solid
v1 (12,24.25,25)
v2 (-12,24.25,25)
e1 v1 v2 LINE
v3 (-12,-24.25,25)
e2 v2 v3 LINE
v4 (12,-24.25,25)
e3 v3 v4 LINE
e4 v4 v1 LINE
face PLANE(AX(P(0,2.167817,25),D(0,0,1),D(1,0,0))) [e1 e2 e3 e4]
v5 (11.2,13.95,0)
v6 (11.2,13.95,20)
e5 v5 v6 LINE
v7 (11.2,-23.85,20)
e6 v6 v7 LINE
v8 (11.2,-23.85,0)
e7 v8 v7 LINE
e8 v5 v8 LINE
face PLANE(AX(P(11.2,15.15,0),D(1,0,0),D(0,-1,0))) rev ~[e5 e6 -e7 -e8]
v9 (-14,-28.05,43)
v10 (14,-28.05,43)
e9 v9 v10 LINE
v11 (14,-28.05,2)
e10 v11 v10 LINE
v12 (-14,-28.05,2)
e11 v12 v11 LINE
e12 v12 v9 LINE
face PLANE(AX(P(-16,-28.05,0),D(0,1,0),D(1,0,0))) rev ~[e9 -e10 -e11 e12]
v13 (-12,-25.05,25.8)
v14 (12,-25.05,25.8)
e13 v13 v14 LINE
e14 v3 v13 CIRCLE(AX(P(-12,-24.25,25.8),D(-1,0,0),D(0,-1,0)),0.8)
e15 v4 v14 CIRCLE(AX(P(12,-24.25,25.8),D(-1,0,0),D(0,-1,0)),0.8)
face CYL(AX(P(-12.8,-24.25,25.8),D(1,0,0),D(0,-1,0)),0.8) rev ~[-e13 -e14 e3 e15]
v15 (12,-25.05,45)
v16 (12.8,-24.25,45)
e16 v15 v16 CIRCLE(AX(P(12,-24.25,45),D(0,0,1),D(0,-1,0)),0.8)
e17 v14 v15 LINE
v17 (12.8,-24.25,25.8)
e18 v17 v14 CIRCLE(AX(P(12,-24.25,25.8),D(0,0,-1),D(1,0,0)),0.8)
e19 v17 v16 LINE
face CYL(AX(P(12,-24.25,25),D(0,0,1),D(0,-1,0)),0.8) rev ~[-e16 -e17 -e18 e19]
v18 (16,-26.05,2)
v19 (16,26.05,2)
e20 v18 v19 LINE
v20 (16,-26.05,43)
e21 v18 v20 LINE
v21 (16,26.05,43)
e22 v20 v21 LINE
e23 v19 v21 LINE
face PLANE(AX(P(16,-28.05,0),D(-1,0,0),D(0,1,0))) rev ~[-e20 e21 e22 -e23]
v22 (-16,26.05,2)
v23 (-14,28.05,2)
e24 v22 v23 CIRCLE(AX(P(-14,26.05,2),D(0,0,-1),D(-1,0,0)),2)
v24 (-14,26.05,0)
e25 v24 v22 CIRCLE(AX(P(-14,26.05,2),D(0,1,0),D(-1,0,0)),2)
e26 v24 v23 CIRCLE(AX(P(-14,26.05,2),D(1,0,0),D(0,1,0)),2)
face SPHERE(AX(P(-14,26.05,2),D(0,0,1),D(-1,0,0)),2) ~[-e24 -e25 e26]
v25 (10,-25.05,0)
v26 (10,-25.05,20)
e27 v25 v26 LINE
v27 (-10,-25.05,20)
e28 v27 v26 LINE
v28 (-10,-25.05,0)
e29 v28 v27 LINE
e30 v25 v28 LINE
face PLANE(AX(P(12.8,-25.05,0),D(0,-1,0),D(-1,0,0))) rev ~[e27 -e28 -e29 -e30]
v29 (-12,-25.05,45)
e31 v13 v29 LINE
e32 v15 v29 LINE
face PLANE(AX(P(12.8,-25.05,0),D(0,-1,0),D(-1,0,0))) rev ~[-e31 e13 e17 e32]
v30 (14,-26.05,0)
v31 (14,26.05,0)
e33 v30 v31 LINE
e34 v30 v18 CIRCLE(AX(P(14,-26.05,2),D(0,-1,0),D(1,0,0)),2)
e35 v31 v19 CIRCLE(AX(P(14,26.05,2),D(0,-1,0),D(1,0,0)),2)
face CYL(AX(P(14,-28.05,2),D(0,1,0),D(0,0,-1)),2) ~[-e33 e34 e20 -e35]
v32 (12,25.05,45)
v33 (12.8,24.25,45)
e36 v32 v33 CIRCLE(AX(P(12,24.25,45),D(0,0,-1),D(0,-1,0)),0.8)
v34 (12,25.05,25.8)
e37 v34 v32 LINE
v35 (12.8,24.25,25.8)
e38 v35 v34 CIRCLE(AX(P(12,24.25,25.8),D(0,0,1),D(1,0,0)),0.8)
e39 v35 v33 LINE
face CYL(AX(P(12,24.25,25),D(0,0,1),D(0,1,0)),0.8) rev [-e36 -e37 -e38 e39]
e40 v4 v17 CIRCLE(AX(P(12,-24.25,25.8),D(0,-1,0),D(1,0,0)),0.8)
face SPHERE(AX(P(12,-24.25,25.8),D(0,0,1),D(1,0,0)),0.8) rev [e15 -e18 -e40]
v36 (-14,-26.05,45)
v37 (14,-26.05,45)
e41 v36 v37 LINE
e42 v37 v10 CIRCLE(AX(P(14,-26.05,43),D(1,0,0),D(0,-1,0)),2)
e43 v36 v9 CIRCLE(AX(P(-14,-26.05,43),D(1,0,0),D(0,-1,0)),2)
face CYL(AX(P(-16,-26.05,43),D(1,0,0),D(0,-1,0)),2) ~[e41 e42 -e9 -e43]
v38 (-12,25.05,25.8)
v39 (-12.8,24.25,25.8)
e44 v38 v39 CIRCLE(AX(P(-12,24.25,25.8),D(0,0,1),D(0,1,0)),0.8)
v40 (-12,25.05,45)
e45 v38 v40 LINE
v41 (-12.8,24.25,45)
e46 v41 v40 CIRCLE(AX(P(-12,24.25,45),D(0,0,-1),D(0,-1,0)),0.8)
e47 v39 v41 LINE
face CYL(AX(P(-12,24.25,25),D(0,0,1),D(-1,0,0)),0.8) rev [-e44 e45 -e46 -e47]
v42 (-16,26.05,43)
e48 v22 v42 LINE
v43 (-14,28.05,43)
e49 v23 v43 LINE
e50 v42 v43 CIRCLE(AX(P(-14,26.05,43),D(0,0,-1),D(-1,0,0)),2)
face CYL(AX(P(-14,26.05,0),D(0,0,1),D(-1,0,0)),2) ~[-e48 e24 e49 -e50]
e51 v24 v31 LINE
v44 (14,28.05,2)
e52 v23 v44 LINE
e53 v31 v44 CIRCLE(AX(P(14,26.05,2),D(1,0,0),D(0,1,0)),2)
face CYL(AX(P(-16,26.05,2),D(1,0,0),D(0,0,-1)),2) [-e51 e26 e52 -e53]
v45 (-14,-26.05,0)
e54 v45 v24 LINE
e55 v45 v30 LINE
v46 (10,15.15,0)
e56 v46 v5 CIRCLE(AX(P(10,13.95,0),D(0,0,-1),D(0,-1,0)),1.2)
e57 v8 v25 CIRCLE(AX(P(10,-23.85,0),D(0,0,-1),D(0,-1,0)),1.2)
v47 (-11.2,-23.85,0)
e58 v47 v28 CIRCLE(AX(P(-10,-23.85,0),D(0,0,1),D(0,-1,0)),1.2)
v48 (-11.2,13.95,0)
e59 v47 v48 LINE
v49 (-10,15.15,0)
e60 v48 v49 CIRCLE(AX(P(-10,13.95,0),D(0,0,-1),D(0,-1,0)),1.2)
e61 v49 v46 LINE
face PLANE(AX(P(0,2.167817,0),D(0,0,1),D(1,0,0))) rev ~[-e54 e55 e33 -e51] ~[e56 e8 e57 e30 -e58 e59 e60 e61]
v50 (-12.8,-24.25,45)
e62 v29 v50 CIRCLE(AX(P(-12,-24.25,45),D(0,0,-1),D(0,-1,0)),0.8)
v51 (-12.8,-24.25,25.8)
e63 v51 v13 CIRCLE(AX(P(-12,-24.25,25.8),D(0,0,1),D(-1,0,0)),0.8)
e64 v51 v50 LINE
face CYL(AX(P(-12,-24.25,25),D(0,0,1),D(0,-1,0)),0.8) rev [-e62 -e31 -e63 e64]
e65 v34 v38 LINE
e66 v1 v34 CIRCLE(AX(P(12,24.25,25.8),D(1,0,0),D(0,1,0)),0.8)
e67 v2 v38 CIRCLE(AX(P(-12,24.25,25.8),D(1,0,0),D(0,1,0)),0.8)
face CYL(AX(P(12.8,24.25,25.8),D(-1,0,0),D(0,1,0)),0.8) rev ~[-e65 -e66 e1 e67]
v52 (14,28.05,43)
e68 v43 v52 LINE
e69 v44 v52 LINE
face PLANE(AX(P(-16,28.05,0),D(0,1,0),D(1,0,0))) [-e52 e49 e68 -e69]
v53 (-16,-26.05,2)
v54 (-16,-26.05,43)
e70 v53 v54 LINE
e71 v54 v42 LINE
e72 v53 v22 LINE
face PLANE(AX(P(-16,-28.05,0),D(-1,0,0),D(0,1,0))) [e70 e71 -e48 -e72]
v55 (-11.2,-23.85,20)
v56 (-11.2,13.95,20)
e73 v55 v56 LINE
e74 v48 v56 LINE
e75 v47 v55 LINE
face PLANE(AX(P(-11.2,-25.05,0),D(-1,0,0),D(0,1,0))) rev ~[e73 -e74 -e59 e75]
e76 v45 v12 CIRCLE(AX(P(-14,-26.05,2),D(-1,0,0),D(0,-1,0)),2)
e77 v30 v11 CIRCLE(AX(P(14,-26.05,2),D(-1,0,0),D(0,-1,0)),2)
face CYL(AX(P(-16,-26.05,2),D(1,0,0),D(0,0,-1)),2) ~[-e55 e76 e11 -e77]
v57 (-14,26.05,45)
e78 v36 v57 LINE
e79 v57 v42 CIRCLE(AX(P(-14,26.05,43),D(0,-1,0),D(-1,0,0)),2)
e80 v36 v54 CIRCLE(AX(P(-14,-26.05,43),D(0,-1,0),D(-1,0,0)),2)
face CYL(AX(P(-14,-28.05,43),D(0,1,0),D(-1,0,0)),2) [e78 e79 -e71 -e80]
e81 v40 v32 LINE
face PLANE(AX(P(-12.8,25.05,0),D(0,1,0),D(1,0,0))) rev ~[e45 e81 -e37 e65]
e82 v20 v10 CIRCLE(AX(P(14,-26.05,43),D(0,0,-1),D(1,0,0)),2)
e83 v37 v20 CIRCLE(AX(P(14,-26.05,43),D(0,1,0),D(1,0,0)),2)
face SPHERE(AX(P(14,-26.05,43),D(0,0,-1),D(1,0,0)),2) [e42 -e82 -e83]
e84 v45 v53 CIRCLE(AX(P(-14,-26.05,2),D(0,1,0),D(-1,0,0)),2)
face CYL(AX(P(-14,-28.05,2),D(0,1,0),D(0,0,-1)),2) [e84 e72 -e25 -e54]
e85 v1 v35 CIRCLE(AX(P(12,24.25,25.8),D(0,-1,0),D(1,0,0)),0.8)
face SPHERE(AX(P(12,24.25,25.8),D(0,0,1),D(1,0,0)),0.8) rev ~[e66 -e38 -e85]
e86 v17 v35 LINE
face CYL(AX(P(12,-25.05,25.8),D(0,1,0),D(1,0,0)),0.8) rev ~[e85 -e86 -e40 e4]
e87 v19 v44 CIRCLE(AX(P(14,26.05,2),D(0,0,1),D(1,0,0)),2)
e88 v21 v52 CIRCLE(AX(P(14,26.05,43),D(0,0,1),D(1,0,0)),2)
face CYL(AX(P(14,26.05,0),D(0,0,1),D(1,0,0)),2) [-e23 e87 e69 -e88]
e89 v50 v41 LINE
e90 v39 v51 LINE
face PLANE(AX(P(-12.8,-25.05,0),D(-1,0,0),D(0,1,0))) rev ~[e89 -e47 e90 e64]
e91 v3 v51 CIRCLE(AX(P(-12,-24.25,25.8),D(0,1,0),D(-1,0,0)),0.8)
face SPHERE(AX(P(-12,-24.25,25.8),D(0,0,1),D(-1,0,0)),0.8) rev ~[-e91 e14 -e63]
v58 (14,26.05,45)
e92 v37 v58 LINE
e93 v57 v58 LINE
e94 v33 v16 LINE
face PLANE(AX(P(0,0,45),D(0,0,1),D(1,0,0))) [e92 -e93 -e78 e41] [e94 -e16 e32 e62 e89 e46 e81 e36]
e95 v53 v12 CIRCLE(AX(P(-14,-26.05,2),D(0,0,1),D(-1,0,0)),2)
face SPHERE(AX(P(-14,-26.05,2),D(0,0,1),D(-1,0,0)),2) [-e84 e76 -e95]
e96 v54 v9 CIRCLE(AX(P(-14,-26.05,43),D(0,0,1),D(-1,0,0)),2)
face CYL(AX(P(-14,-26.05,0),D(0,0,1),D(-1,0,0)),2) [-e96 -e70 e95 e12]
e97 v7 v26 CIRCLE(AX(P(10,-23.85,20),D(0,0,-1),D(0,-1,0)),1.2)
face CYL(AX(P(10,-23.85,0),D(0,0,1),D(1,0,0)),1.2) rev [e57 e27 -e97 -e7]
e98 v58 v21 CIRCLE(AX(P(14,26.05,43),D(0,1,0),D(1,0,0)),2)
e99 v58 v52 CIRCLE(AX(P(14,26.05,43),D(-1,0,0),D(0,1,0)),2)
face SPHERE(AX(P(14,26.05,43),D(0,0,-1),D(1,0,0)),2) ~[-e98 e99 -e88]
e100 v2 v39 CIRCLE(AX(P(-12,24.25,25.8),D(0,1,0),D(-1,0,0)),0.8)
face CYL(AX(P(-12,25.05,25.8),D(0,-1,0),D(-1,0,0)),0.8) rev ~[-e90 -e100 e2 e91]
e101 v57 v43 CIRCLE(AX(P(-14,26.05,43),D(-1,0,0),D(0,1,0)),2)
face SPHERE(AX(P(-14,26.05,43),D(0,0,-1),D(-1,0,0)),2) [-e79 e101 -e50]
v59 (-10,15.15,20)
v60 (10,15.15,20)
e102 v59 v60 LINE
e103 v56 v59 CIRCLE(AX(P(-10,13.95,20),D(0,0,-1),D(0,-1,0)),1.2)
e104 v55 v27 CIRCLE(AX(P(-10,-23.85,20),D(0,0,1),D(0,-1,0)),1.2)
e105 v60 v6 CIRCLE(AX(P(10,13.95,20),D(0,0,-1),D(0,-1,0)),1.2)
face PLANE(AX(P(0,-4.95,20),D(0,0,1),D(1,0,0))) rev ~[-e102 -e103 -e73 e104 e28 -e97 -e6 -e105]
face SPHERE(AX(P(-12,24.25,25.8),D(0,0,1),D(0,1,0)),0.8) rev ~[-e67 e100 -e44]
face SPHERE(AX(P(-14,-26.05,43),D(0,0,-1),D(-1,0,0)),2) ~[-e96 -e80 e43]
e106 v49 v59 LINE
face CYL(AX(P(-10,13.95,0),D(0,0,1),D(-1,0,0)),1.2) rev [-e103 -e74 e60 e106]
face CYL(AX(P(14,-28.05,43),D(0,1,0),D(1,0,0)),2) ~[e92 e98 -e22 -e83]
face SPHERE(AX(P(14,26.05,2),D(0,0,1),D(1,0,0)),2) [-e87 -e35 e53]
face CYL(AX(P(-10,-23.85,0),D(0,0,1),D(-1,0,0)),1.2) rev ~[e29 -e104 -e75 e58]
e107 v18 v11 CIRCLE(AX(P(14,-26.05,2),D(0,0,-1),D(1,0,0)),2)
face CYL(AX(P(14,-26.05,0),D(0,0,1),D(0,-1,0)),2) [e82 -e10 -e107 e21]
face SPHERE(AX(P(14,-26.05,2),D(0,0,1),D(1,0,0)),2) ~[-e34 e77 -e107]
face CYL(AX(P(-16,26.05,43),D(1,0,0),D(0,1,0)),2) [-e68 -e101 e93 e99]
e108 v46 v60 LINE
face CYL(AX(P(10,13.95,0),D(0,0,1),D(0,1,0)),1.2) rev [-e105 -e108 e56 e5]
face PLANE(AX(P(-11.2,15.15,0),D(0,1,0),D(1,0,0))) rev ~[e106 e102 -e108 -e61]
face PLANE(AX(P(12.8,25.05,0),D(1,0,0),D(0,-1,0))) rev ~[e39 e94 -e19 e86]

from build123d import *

# Parameters (mm, degrees)
F0_W     = 22.4
F0_H     = 40.2
F1_DEPTH = 25
F2_DEPTH = 20
F0_W_2   = 32
F0_H_2   = 56.1
F3_DEPTH = 45
F4_DEPTH = 20
F5_R     = 2
F6_R     = 0.8
F7_R     = 1.2


with BuildPart() as f1:
    # F0 (on Top) → F1 (new body)
    with BuildSketch(Plane.XY):
        Polygon((-11.2, -25.05), (-11.2, 15.15), (11.2, 15.15), (11.2, -25.05), (12.8, -25.05), (12.8, 25.05), (-12.8, 25.05), (-12.8, -25.05), align=None)
        with Locations((0, -4.95)):
            Rectangle(F0_W, F0_H)
    extrude(amount=F1_DEPTH)

    # F0 (on Top) → F2 (cut)
    with BuildSketch(Plane.XY):
        with Locations((0, -4.95)):
            Rectangle(F0_W, F0_H)
        Polygon((-11.2, -25.05), (-11.2, 15.15), (11.2, 15.15), (11.2, -25.05), (12.8, -25.05), (12.8, 25.05), (-12.8, 25.05), (-12.8, -25.05), align=None)
    extrude(amount=F2_DEPTH, mode=Mode.SUBTRACT)

    # F0 (on Top) → F3 (join)
    with BuildSketch(Plane.XY):
        Rectangle(F0_W_2, F0_H_2)
        Polygon((11.2, -25.05), (-11.2, -25.05), (-12.8, -25.05), (-12.8, 25.05), (12.8, 25.05), (12.8, -25.05), align=None, mode=Mode.SUBTRACT)
    extrude(amount=F3_DEPTH)

    # F0 (on Top) → F4 (join)
    with BuildSketch(Plane.XY):
        Polygon((-11.2, -25.05), (-11.2, 15.15), (11.2, 15.15), (11.2, -25.05), (12.8, -25.05), (12.8, 25.05), (-12.8, 25.05), (-12.8, -25.05), align=None)
    extrude(amount=F4_DEPTH)

    # F5
    f5_edges = [f1.edges().sort_by_distance(p)[0] for p in [
        (16, -28.05, 22.5),
        (16, 28.05, 22.5),
        (16, 0, 0),
        (16, 0, 45),
        (-16, 28.05, 22.5),
        (-16, -28.05, 22.5),
        (-16, 0, 0),
        (-16, 0, 45),
        (0, 28.05, 0),
        (0, 28.05, 45),
        (0, -28.05, 0),
        (0, -28.05, 45),
    ]]
    fillet(f5_edges, radius=F5_R)

    # F6
    f6_edges = [f1.edges().sort_by_distance(p)[0] for p in [
        (12.8, 25.05, 35),
        (12.8, -25.05, 35),
        (-12.8, -25.05, 35),
        (-12.8, 25.05, 35),
        (12.8, 0, 25),
        (0, 25.05, 25),
        (-12.8, 0, 25),
        (0, -25.05, 25),
    ]]
    fillet(f6_edges, radius=F6_R)

    # F7
    f7_edges = [f1.edges().sort_by_distance(p)[0] for p in [
        (-11.2, -25.05, 10),
        (11.2, -25.05, 10),
        (11.2, 15.15, 10),
        (-11.2, 15.15, 10),
    ]]
    fillet(f7_edges, radius=F7_R)


solid = f1.part
